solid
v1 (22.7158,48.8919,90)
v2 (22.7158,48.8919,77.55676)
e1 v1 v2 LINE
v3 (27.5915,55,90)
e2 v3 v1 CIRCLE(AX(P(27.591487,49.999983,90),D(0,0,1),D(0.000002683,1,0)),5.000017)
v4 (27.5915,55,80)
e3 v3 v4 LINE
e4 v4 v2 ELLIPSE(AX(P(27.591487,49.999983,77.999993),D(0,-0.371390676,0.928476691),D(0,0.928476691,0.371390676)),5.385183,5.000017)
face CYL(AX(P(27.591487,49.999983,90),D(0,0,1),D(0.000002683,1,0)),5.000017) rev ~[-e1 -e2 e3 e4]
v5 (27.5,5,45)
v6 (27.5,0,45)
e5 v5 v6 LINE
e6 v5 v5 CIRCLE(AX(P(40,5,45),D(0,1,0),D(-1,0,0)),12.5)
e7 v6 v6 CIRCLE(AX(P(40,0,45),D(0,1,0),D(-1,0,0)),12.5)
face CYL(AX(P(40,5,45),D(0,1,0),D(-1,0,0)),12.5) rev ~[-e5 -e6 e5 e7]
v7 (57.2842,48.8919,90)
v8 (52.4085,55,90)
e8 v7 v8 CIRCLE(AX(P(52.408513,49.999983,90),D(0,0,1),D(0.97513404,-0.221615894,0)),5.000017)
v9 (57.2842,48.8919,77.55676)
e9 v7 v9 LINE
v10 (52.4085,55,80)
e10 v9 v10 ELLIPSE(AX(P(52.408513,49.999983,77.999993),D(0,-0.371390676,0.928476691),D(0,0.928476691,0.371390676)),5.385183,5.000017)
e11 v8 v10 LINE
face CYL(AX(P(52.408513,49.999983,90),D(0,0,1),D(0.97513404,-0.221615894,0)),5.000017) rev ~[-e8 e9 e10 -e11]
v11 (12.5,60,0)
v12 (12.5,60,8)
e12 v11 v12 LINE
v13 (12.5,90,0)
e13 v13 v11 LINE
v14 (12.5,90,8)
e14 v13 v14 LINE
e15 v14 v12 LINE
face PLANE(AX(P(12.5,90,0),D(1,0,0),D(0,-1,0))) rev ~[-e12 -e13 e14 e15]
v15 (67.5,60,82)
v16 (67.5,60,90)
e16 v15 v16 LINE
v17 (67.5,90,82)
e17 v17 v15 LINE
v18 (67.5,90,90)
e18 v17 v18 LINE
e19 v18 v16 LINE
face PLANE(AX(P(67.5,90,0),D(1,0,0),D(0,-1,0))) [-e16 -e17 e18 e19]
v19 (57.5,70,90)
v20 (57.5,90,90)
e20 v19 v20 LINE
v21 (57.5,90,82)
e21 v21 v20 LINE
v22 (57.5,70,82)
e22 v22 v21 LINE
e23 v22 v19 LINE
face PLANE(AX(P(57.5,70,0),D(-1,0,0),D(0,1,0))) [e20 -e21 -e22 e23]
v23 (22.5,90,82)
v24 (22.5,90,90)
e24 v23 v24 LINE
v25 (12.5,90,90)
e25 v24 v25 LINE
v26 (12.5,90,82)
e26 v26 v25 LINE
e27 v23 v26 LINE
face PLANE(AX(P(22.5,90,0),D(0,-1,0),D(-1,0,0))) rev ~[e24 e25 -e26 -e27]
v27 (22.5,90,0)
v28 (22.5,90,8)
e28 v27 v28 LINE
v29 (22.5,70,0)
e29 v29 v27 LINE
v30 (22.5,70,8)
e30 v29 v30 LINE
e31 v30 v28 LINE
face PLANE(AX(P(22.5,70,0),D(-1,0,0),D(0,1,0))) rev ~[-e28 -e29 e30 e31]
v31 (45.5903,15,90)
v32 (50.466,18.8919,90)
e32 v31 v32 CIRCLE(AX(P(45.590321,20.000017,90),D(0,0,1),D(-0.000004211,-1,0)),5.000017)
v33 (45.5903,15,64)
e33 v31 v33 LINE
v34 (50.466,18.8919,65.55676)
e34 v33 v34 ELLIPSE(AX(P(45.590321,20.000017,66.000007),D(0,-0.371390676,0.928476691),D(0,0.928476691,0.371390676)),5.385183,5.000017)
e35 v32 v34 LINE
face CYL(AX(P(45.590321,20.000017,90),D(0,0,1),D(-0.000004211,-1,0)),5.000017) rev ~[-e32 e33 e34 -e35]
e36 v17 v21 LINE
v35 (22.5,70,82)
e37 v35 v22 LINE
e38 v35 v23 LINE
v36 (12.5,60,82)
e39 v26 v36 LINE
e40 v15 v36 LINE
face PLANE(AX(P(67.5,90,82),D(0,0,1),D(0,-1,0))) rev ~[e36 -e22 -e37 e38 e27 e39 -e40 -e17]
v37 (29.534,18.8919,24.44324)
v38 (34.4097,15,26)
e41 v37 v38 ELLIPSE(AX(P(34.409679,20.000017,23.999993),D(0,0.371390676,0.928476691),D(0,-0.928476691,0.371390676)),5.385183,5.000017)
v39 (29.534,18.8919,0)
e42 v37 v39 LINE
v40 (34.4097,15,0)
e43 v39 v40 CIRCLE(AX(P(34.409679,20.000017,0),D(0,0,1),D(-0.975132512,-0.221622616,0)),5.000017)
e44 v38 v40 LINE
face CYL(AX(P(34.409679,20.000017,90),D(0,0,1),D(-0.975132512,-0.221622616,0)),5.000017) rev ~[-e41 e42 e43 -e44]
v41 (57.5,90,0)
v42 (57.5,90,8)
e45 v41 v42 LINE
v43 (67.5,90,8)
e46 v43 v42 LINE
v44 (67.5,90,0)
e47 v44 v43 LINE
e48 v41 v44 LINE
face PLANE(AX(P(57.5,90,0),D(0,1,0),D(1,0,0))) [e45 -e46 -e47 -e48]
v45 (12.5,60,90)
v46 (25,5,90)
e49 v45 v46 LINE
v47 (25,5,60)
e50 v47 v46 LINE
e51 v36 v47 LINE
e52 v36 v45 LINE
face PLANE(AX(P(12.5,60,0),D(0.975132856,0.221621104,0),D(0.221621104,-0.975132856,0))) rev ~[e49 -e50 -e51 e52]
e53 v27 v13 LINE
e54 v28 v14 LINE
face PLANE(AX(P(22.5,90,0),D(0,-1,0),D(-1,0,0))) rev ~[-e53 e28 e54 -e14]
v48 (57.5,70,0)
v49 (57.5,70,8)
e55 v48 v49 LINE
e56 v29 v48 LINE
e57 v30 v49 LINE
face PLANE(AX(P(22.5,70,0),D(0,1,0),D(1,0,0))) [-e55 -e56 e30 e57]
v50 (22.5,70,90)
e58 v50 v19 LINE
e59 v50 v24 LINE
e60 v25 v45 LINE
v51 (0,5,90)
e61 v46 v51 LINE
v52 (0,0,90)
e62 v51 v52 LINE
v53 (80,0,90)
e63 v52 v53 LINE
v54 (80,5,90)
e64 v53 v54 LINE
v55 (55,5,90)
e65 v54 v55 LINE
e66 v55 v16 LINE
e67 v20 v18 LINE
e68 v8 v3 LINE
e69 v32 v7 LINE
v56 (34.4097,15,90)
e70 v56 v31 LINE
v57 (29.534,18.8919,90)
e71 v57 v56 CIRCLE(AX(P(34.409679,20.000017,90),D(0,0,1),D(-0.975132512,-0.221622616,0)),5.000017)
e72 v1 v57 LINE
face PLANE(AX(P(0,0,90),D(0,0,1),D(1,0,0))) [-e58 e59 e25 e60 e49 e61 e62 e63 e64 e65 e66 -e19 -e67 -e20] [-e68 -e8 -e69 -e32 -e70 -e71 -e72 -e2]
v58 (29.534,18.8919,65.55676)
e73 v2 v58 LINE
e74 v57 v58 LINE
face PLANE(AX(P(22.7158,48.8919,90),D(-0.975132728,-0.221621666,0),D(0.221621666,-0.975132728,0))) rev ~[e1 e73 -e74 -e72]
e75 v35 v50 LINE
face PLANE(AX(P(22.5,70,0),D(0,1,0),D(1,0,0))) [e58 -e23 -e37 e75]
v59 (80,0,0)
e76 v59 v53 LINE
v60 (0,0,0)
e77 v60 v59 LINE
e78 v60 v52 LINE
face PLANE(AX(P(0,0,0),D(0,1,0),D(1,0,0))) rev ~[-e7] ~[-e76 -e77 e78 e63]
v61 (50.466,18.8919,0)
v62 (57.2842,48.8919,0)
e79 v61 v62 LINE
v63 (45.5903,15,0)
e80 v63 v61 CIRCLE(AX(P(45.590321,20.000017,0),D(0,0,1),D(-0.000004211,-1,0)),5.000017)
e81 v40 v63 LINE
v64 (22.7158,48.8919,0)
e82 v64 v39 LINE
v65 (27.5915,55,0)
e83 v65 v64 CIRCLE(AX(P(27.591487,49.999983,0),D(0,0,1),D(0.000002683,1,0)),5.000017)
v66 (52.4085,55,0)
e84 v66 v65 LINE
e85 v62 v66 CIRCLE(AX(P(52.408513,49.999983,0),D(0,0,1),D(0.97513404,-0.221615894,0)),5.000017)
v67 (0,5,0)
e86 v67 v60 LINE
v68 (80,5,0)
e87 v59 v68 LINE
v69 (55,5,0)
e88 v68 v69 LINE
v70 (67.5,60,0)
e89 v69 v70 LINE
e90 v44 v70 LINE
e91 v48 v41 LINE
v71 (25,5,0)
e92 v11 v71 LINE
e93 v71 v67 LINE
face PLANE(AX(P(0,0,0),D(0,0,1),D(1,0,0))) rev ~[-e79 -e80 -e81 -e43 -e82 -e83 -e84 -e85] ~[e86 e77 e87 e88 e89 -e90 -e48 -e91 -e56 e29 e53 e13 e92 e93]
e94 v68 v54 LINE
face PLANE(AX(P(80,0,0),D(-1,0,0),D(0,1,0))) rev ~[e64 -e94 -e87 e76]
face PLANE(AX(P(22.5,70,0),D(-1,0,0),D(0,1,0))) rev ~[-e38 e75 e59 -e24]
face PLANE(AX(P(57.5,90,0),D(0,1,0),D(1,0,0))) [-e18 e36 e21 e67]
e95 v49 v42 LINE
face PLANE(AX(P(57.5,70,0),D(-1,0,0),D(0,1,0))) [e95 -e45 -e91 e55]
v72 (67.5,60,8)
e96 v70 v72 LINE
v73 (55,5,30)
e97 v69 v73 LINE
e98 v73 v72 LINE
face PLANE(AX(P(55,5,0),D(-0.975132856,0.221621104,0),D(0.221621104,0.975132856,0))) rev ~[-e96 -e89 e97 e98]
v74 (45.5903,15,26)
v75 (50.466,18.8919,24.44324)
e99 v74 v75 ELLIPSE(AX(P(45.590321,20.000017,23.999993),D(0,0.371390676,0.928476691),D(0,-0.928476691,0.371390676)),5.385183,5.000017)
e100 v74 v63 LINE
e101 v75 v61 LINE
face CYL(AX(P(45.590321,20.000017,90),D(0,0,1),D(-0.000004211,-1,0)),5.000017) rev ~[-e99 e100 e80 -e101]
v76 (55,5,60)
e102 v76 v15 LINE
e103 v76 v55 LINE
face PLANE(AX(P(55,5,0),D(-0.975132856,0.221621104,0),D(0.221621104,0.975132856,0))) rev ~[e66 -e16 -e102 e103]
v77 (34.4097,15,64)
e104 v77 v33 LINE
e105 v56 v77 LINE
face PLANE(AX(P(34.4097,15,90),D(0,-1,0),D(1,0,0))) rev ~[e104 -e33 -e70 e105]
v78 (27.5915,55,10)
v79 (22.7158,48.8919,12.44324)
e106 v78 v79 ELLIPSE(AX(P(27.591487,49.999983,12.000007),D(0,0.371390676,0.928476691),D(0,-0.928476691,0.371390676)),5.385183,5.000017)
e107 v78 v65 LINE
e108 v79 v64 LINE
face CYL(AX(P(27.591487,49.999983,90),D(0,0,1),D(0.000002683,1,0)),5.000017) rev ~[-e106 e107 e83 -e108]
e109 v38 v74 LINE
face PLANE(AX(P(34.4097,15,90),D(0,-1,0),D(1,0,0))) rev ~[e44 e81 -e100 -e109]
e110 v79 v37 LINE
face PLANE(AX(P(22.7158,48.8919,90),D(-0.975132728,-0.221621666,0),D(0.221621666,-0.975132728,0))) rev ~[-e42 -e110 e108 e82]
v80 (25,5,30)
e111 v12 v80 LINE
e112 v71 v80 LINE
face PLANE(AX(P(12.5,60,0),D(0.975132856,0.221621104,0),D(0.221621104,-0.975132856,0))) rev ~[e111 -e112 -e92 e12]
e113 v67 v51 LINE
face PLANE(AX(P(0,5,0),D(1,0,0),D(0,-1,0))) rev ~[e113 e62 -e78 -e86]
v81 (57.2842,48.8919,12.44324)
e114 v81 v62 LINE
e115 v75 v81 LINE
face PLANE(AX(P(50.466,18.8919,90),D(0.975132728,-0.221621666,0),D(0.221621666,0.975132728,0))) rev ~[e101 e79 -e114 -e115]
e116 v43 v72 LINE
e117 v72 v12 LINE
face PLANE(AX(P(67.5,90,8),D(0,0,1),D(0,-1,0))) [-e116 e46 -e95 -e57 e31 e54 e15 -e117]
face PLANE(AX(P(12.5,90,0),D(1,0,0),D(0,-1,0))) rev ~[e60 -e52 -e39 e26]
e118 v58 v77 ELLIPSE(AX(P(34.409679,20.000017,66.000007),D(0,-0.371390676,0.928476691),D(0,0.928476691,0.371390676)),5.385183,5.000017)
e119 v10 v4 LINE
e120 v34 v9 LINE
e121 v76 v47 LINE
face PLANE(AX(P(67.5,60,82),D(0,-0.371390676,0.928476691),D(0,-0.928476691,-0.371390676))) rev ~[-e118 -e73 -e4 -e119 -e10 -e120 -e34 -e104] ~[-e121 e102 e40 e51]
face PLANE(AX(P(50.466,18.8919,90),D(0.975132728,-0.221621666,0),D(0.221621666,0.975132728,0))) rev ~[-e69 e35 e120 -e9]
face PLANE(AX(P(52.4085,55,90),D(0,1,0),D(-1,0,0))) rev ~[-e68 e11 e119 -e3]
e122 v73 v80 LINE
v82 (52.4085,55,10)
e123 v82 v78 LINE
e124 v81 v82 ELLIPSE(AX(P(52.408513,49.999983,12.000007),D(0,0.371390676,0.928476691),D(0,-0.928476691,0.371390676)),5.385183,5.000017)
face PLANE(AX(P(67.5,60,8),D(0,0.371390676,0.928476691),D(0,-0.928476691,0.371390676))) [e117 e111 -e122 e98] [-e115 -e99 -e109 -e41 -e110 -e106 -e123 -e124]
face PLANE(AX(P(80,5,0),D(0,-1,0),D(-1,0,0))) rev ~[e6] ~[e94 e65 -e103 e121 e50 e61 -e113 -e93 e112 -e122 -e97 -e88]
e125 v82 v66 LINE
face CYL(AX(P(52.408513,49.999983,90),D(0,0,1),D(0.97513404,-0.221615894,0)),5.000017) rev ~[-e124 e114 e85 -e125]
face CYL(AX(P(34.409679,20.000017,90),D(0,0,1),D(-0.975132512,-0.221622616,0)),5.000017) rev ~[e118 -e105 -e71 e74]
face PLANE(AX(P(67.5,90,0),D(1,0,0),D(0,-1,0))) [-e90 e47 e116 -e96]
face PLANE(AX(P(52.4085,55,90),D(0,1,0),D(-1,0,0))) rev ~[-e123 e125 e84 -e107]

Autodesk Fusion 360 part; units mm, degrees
sketch "Esquisse1" plane through (0, 0, 0) normal (0, 0, 1) x (1, 0, 0)
  line L0 (22.5, 70) -> (57.5, 70)
  line L1 (57.5, 70) -> (57.5, 90)
  line L2 (22.5, 70) -> (22.5, 90)
  line L3 (22.5, 90) -> (12.5, 90)
  line L4 (57.5, 90) -> (67.5, 90)
  line L5 (67.5, 90) -> (67.5, 60)
  line L6 (12.5, 90) -> (12.5, 60)
  line L7 (12.5, 60) -> (25, 5)
  line L8 (25, 5) -> (0, 5)
  line L9 (0, 5) -> (0, 0)
  line L10 (0, 0) -> (80, 0)
  line L11 (80, 0) -> (80, 5)
  line L12 (80, 5) -> (55, 5)
  line L13 (55, 5) -> (67.5, 60)
  dimension "d1" = 70
  dimension "d2" = 35
  dimension "d3" = 20
  dimension "d4" = 10
  dimension "d5" = 30
  dimension "d8" = 5
  dimension "d10" = 10
  dimension "d27" = 80
  dimension "d28" = 55
  dimension "d29" = 12.5
  dimension "d30" = 30
extrude "Extrusion1" add sketch "Esquisse1" along normal blind 90
sketch "Esquisse2" plane through (67.5, 0, 0) normal (1, 0, 0) x (0, 0, -1)
  line L0 (0, 60) -> (0, 90)
  line L1 (0, 90) -> (-90, 90)
  line L2 (-90, 90) -> (-90, 60)
  line L3 (-90, 60) -> (0, 60)
  line L4 (-45, 90) -> (-45, -26) construction
  line L5 (-82, 90) -> (-82, 60)
  line L6 (-82, 60) -> (-60, 5)
  line L7 (-8, 90) -> (-8, 60)
  line L8 (-8, 60) -> (-30, 5)
  line L9 (-60, 5) -> (-30, 5)
  point P0 (-90, 5)
  point P1 (0, 5)
  dimension "d13" = 8
  dimension "d15" = 30
  dimension "d16" = 8
  dimension "d33" = 30
extrude "Extrusion2" cut sketch "Esquisse2" against normal blind 60 contours L3 L6 L8 L9 | L1 L3 L5 L7
sketch "Esquisse3" plane through (0, 0, 90) normal (0, 0, 1) x (1, 0, 0)
  line L0 (22.5, 70) -> (22.5, 90)
  line L1 (22.5, 90) -> (12.5, 90)
  line L2 (12.5, 90) -> (12.5, 60)
  line L3 (12.5, 60) -> (25, 5)
  line L4 (55, 5) -> (67.5, 60)
  line L5 (67.5, 60) -> (67.5, 90)
  line L6 (67.5, 90) -> (57.5, 90)
  line L7 (57.5, 90) -> (57.5, 70)
  line L8 (57.5, 70) -> (22.5, 70)
  line L9 (22.7158, 48.8919) -> (29.534, 18.8919)
  line L10 (34.4097, 15) -> (45.5903, 15)
  line L11 (50.466, 18.8919) -> (57.2842, 48.8919)
  line L12 (52.4085, 55) -> (27.5915, 55)
  arc A0 (27.5915, 55) -> (22.7158, 48.8919) centre (27.5915, 50) ccw
  arc A1 (57.2842, 48.8919) -> (52.4085, 55) centre (52.4085, 50) ccw
  arc A2 (29.534, 18.8919) -> (34.4097, 15) centre (34.4097, 20) ccw
  arc A3 (45.5903, 15) -> (50.466, 18.8919) centre (45.5903, 20) ccw
  line L13 (25, 5) -> (0, 5)
  line L14 (0, 5) -> (0, 0)
  line L15 (0, 0) -> (80, 0)
  line L16 (80, 0) -> (80, 5)
  line L17 (80, 5) -> (55, 5)
  dimension "d20" = 15
  dimension "d21" = 7.5
  dimension "d22" = 7.5
  dimension "d25" = 5
extrude "Extrusion3" cut sketch "Esquisse3" against normal blind 150 contours L9 L10 L11 L12 A0 A1 A2 A3
sketch "Esquisse4" plane through (0, 5, 0) normal (0, 1, 0) x (-1, 0, 0)
  line L0 (-55, 90) -> (-80, 90)
  line L1 (-80, 90) -> (-80, 0)
  line L2 (-80, 0) -> (-55, 0)
  line L3 (-55, 30) -> (-25, 30)
  line L4 (-25, 30) -> (-25, 0)
  line L5 (-25, 0) -> (0, 0)
  line L6 (0, 0) -> (0, 90)
  line L7 (-55, 0) -> (-55, 30)
  line L8 (0, 90) -> (-25, 90)
  circle A0 centre (-40, 45) radius 12.5
  dimension "d34" = 25
extrude "Extrusion4" cut sketch "Esquisse4" against normal blind 20
equation "d14 = 30 mm"
equation "d15 = d14"
equation "d16 = d13"
equation "d29 = ( d27 - d28 ) / 2"
equation "d33 = d15"
